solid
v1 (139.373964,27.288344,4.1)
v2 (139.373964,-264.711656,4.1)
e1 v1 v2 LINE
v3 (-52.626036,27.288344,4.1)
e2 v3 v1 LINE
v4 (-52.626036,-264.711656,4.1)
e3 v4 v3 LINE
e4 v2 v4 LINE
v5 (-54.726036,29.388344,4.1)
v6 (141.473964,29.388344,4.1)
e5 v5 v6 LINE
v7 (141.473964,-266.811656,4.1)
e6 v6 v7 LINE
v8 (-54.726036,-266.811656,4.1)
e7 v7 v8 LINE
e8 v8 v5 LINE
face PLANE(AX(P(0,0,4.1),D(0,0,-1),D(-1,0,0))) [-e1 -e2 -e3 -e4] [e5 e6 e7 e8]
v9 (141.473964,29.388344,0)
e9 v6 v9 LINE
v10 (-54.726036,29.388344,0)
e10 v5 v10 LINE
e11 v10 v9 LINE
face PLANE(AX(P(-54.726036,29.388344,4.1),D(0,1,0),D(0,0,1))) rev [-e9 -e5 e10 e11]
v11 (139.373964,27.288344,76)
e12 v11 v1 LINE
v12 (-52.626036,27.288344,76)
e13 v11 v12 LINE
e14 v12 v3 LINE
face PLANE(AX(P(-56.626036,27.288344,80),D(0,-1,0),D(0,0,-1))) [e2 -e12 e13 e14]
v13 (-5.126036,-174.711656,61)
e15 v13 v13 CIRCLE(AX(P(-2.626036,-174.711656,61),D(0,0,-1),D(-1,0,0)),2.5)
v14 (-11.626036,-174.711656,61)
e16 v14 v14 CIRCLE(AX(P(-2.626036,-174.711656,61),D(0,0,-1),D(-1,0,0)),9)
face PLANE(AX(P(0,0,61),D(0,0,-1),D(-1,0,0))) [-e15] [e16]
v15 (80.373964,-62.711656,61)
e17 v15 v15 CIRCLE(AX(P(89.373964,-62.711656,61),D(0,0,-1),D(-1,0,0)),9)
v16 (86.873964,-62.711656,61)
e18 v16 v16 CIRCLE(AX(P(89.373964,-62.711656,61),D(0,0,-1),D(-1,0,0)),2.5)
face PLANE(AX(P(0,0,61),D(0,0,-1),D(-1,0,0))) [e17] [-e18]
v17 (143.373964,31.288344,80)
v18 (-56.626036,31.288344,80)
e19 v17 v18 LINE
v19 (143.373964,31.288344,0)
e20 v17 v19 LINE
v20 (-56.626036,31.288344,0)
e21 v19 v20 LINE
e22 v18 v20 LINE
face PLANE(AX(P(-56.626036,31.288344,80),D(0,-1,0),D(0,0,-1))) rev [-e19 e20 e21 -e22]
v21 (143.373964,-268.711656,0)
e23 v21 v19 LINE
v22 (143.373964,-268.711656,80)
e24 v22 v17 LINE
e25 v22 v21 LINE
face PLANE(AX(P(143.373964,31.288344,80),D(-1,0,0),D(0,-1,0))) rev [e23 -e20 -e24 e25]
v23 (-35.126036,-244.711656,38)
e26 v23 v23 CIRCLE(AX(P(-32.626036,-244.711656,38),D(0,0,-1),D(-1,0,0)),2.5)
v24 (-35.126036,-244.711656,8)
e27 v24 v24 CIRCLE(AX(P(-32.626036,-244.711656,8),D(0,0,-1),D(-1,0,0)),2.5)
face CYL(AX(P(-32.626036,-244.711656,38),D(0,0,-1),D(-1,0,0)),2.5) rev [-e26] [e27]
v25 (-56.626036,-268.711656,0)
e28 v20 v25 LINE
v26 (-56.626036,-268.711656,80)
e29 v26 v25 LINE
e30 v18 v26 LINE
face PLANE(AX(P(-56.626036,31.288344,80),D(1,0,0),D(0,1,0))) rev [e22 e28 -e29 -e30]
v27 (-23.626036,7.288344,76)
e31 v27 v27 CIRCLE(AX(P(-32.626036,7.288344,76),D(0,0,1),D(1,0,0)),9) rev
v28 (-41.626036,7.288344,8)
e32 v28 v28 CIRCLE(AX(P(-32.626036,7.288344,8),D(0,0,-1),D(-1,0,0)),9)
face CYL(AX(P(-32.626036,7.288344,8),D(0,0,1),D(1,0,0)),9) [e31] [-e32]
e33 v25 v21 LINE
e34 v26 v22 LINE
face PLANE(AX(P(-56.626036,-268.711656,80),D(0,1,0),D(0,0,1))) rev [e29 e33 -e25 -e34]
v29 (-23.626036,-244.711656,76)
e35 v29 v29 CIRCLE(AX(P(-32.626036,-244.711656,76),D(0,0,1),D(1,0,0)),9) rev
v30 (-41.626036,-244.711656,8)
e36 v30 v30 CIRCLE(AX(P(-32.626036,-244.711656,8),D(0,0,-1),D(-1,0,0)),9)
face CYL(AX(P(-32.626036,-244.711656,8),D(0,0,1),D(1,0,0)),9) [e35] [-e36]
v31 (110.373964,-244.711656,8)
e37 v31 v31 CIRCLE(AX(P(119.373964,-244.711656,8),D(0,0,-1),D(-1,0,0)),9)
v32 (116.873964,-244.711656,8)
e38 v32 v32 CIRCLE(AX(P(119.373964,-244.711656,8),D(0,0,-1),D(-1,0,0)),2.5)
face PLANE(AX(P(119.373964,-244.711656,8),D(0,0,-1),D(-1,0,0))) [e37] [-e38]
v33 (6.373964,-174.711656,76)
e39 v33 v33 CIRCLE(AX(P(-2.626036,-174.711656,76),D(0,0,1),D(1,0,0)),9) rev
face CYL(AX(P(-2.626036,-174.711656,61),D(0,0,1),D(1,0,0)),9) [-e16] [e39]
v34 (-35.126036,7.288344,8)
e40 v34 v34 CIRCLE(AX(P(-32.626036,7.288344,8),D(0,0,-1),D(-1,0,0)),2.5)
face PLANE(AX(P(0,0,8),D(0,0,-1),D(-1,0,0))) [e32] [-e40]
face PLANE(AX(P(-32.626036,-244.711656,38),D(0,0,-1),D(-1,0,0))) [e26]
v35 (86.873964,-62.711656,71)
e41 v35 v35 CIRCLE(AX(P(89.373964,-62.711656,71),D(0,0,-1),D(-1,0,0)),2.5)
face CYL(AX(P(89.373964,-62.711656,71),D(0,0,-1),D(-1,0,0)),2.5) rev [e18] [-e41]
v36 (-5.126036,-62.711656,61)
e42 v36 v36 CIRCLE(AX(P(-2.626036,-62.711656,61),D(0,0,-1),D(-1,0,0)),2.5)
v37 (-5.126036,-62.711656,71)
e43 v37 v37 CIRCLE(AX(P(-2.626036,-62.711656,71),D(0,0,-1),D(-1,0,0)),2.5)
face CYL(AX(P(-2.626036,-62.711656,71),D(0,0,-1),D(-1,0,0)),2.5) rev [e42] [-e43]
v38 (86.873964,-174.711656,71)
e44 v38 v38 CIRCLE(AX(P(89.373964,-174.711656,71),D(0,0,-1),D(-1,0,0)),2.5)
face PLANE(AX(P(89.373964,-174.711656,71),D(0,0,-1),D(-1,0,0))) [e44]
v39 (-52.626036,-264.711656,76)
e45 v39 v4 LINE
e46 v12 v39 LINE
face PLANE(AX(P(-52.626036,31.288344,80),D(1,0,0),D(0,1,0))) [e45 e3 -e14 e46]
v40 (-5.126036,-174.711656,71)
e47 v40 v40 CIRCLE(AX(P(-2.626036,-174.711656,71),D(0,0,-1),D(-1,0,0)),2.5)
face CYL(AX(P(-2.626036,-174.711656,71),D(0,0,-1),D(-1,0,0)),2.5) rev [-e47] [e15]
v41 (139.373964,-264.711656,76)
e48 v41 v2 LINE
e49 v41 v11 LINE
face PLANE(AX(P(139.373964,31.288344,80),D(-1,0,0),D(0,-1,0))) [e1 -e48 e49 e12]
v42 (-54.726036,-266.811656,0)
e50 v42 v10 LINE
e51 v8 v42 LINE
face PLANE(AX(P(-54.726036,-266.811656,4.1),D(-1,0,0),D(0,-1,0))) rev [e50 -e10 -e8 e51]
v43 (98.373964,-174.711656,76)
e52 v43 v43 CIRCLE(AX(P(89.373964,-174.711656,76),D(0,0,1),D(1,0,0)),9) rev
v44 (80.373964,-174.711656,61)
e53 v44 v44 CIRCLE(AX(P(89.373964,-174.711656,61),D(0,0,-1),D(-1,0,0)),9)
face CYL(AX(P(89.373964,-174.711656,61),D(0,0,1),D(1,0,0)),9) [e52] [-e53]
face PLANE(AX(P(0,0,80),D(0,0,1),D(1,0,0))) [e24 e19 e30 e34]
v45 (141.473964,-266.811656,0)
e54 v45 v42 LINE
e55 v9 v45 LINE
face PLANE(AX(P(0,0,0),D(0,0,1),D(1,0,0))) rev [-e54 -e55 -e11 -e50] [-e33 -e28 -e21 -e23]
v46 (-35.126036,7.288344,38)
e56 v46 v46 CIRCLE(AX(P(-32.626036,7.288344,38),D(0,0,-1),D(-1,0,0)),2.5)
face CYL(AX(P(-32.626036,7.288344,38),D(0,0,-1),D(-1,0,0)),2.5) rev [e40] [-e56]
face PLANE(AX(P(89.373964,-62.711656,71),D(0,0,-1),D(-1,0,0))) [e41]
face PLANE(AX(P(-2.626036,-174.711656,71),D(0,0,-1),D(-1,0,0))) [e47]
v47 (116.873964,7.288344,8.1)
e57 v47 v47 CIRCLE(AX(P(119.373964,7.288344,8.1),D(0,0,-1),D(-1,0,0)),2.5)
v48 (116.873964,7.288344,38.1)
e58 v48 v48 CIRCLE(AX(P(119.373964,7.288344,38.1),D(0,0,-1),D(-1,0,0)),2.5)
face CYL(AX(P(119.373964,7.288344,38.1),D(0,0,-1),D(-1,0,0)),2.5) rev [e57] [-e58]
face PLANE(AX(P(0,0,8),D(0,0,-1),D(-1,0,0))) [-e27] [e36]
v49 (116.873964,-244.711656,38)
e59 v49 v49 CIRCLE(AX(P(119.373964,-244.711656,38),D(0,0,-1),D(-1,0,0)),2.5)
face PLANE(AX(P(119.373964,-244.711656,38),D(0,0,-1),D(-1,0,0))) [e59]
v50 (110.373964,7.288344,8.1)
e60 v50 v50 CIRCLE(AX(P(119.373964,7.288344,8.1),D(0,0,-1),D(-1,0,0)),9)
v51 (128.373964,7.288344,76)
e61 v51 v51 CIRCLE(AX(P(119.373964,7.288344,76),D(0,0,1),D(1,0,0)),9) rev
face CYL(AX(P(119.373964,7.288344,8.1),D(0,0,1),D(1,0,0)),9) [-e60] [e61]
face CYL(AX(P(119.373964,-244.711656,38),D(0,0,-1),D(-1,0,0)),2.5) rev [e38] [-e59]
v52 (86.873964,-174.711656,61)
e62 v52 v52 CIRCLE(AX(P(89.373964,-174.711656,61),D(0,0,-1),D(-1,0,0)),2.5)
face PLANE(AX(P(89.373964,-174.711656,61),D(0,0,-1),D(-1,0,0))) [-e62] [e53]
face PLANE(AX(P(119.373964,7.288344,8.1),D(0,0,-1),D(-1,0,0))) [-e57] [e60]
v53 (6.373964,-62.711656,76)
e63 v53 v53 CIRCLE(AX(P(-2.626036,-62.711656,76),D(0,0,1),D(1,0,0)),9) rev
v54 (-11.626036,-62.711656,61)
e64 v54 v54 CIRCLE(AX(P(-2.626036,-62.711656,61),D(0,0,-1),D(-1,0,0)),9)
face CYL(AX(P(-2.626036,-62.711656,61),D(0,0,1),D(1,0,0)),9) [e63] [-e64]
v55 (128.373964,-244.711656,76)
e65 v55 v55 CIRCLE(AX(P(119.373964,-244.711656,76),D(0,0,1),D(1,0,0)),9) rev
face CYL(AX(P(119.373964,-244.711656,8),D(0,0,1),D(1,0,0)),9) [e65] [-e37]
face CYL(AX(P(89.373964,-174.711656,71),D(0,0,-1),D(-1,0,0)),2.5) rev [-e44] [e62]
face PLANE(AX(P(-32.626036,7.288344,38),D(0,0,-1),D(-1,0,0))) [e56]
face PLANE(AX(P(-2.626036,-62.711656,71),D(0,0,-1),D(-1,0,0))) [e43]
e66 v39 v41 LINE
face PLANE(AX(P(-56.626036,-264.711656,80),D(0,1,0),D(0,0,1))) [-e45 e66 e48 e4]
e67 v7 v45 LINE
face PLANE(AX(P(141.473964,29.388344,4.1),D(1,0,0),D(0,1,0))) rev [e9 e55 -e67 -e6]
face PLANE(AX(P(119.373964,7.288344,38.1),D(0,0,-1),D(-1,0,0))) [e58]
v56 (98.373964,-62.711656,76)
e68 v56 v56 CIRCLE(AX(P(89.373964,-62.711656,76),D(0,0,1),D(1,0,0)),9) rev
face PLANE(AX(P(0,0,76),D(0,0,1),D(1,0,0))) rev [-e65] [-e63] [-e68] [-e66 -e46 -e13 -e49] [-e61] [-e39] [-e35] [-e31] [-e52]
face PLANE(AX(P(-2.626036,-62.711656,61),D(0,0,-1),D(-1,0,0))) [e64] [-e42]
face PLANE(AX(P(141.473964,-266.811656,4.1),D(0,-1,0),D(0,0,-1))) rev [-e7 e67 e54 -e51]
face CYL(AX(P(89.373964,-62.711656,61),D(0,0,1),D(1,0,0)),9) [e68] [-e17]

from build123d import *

# Parameters (mm, degrees)
ESQUISSE1_W             = 200
ESQUISSE1_H             = 300
BOSS_EXTRU_1_DEPTH      = 80
COQUE1_T                = -4
ESQUISSE3_W             = 196.2
ESQUISSE3_H             = 296.2
ENL_V_MAT_EXTRU_2_DEPTH = 4.1
ESQUISSE4_R             = 9
BOSS_EXTRU_2_DEPTH      = 67.9
ESQUISSE5_R             = 2.5
ENL_V_MAT_EXTRU_3_DEPTH = 30
ESQUISSE4_4_R           = 9
BOSS_EXTRU_3_DEPTH      = 15
ESQUISSE6_R             = 2.5
ENL_V_MAT_EXTRU_6_DEPTH = 10
ESQUISSE8_R             = 9
BOSS_EXTRU_5_DEPTH      = 68
ESQUISSE9_R             = 2.5
ENL_V_MAT_EXTRU_8_DEPTH = 30


with BuildPart() as part:
    # Esquisse1 → Boss.-Extru.1 (new body)
    with BuildSketch(Plane.XY):
        with Locations((43.373964051, -118.711656442)):
            Rectangle(ESQUISSE1_W, ESQUISSE1_H)
    extrude(amount=BOSS_EXTRU_1_DEPTH)

    # Coque1
    coque1_openings = [part.faces().sort_by_distance(p)[0] for p in [
        (43.373964051, -118.711656442, 0),
    ]]
    offset(amount=COQUE1_T, openings=coque1_openings, kind=Kind.INTERSECTION)

    # Esquisse3 → Enlèv. mat.-Extru.2 (cut)
    with BuildSketch(Plane(origin=(0, 0, 0), x_dir=(-1, 0, 0), z_dir=(0, 0, -1))):
        with Locations((-43.373964051, -118.711656442)):
            Rectangle(ESQUISSE3_W, ESQUISSE3_H)
    extrude(amount=-ENL_V_MAT_EXTRU_2_DEPTH, mode=Mode.SUBTRACT)

    # Esquisse4 → Boss.-Extru.2 (add)
    with BuildSketch(Plane(origin=(0, 0, 76), x_dir=(-1, 0, 0), z_dir=(0, 0, -1))):
        with Locations((-119.373964051, 7.288343558)):
            Circle(ESQUISSE4_R)
    extrude(amount=BOSS_EXTRU_2_DEPTH)

    # Esquisse5 → Enlèv. mat.-Extru.3 (cut)
    with BuildSketch(Plane(origin=(0, 0, 8.1), x_dir=(-1, 0, 0), z_dir=(0, 0, -1))):
        with Locations((-119.373964051, 7.288343558)):
            Circle(ESQUISSE5_R)
    extrude(amount=-ENL_V_MAT_EXTRU_3_DEPTH, mode=Mode.SUBTRACT)

    # Esquisse4<4> → Boss.-Extru.3 (add)
    with BuildSketch(Plane(origin=(0, 0, 76), x_dir=(-1, 0, 0), z_dir=(0, 0, -1))):
        with Locations((2.626035949, -174.711656442)):
            Circle(ESQUISSE4_4_R)
        with Locations((-89.373964051, -174.711656442)):
            Circle(ESQUISSE4_4_R)
        with Locations((-89.373964051, -62.711656442)):
            Circle(ESQUISSE4_4_R)
        with Locations((2.626035949, -62.711656442)):
            Circle(ESQUISSE4_4_R)
    extrude(amount=BOSS_EXTRU_3_DEPTH)

    # Esquisse6 → Enlèv. mat.-Extru.6 (cut)
    with BuildSketch(Plane(origin=(0, 0, 61), x_dir=(-1, 0, 0), z_dir=(0, 0, -1))):
        with Locations((-89.373964051, -62.711656442)):
            Circle(ESQUISSE6_R)
        with Locations((2.626035949, -62.711656442)):
            Circle(ESQUISSE6_R)
        with Locations((-89.373964051, -174.711656442)):
            Circle(ESQUISSE6_R)
        with Locations((2.626035949, -174.711656442)):
            Circle(ESQUISSE6_R)
    extrude(amount=-ENL_V_MAT_EXTRU_6_DEPTH, mode=Mode.SUBTRACT)

    # Esquisse8 → Boss.-Extru.5 (add)
    with BuildSketch(Plane(origin=(0, 0, 76), x_dir=(-1, 0, 0), z_dir=(0, 0, -1))):
        with Locations((32.626035949, 7.288343558)):
            Circle(ESQUISSE8_R)
        with Locations((32.626035949, -244.711656442)):
            Circle(ESQUISSE8_R)
        with Locations((-119.373964051, -244.711656442)):
            Circle(ESQUISSE8_R)
    extrude(amount=BOSS_EXTRU_5_DEPTH)

    # Esquisse9 → Enlèv. mat.-Extru.8 (cut)
    with BuildSketch(Plane(origin=(0, 0, 8), x_dir=(-1, 0, 0), z_dir=(0, 0, -1))):
        with Locations((32.626035949, 7.288343558)):
            Circle(ESQUISSE9_R)
        with Locations((32.626035949, -244.711656442)):
            Circle(ESQUISSE9_R)
        with Locations((-119.373964051, -244.711656442)):
            Circle(ESQUISSE9_R)
    extrude(amount=-ENL_V_MAT_EXTRU_8_DEPTH, mode=Mode.SUBTRACT)


solid = part.part
